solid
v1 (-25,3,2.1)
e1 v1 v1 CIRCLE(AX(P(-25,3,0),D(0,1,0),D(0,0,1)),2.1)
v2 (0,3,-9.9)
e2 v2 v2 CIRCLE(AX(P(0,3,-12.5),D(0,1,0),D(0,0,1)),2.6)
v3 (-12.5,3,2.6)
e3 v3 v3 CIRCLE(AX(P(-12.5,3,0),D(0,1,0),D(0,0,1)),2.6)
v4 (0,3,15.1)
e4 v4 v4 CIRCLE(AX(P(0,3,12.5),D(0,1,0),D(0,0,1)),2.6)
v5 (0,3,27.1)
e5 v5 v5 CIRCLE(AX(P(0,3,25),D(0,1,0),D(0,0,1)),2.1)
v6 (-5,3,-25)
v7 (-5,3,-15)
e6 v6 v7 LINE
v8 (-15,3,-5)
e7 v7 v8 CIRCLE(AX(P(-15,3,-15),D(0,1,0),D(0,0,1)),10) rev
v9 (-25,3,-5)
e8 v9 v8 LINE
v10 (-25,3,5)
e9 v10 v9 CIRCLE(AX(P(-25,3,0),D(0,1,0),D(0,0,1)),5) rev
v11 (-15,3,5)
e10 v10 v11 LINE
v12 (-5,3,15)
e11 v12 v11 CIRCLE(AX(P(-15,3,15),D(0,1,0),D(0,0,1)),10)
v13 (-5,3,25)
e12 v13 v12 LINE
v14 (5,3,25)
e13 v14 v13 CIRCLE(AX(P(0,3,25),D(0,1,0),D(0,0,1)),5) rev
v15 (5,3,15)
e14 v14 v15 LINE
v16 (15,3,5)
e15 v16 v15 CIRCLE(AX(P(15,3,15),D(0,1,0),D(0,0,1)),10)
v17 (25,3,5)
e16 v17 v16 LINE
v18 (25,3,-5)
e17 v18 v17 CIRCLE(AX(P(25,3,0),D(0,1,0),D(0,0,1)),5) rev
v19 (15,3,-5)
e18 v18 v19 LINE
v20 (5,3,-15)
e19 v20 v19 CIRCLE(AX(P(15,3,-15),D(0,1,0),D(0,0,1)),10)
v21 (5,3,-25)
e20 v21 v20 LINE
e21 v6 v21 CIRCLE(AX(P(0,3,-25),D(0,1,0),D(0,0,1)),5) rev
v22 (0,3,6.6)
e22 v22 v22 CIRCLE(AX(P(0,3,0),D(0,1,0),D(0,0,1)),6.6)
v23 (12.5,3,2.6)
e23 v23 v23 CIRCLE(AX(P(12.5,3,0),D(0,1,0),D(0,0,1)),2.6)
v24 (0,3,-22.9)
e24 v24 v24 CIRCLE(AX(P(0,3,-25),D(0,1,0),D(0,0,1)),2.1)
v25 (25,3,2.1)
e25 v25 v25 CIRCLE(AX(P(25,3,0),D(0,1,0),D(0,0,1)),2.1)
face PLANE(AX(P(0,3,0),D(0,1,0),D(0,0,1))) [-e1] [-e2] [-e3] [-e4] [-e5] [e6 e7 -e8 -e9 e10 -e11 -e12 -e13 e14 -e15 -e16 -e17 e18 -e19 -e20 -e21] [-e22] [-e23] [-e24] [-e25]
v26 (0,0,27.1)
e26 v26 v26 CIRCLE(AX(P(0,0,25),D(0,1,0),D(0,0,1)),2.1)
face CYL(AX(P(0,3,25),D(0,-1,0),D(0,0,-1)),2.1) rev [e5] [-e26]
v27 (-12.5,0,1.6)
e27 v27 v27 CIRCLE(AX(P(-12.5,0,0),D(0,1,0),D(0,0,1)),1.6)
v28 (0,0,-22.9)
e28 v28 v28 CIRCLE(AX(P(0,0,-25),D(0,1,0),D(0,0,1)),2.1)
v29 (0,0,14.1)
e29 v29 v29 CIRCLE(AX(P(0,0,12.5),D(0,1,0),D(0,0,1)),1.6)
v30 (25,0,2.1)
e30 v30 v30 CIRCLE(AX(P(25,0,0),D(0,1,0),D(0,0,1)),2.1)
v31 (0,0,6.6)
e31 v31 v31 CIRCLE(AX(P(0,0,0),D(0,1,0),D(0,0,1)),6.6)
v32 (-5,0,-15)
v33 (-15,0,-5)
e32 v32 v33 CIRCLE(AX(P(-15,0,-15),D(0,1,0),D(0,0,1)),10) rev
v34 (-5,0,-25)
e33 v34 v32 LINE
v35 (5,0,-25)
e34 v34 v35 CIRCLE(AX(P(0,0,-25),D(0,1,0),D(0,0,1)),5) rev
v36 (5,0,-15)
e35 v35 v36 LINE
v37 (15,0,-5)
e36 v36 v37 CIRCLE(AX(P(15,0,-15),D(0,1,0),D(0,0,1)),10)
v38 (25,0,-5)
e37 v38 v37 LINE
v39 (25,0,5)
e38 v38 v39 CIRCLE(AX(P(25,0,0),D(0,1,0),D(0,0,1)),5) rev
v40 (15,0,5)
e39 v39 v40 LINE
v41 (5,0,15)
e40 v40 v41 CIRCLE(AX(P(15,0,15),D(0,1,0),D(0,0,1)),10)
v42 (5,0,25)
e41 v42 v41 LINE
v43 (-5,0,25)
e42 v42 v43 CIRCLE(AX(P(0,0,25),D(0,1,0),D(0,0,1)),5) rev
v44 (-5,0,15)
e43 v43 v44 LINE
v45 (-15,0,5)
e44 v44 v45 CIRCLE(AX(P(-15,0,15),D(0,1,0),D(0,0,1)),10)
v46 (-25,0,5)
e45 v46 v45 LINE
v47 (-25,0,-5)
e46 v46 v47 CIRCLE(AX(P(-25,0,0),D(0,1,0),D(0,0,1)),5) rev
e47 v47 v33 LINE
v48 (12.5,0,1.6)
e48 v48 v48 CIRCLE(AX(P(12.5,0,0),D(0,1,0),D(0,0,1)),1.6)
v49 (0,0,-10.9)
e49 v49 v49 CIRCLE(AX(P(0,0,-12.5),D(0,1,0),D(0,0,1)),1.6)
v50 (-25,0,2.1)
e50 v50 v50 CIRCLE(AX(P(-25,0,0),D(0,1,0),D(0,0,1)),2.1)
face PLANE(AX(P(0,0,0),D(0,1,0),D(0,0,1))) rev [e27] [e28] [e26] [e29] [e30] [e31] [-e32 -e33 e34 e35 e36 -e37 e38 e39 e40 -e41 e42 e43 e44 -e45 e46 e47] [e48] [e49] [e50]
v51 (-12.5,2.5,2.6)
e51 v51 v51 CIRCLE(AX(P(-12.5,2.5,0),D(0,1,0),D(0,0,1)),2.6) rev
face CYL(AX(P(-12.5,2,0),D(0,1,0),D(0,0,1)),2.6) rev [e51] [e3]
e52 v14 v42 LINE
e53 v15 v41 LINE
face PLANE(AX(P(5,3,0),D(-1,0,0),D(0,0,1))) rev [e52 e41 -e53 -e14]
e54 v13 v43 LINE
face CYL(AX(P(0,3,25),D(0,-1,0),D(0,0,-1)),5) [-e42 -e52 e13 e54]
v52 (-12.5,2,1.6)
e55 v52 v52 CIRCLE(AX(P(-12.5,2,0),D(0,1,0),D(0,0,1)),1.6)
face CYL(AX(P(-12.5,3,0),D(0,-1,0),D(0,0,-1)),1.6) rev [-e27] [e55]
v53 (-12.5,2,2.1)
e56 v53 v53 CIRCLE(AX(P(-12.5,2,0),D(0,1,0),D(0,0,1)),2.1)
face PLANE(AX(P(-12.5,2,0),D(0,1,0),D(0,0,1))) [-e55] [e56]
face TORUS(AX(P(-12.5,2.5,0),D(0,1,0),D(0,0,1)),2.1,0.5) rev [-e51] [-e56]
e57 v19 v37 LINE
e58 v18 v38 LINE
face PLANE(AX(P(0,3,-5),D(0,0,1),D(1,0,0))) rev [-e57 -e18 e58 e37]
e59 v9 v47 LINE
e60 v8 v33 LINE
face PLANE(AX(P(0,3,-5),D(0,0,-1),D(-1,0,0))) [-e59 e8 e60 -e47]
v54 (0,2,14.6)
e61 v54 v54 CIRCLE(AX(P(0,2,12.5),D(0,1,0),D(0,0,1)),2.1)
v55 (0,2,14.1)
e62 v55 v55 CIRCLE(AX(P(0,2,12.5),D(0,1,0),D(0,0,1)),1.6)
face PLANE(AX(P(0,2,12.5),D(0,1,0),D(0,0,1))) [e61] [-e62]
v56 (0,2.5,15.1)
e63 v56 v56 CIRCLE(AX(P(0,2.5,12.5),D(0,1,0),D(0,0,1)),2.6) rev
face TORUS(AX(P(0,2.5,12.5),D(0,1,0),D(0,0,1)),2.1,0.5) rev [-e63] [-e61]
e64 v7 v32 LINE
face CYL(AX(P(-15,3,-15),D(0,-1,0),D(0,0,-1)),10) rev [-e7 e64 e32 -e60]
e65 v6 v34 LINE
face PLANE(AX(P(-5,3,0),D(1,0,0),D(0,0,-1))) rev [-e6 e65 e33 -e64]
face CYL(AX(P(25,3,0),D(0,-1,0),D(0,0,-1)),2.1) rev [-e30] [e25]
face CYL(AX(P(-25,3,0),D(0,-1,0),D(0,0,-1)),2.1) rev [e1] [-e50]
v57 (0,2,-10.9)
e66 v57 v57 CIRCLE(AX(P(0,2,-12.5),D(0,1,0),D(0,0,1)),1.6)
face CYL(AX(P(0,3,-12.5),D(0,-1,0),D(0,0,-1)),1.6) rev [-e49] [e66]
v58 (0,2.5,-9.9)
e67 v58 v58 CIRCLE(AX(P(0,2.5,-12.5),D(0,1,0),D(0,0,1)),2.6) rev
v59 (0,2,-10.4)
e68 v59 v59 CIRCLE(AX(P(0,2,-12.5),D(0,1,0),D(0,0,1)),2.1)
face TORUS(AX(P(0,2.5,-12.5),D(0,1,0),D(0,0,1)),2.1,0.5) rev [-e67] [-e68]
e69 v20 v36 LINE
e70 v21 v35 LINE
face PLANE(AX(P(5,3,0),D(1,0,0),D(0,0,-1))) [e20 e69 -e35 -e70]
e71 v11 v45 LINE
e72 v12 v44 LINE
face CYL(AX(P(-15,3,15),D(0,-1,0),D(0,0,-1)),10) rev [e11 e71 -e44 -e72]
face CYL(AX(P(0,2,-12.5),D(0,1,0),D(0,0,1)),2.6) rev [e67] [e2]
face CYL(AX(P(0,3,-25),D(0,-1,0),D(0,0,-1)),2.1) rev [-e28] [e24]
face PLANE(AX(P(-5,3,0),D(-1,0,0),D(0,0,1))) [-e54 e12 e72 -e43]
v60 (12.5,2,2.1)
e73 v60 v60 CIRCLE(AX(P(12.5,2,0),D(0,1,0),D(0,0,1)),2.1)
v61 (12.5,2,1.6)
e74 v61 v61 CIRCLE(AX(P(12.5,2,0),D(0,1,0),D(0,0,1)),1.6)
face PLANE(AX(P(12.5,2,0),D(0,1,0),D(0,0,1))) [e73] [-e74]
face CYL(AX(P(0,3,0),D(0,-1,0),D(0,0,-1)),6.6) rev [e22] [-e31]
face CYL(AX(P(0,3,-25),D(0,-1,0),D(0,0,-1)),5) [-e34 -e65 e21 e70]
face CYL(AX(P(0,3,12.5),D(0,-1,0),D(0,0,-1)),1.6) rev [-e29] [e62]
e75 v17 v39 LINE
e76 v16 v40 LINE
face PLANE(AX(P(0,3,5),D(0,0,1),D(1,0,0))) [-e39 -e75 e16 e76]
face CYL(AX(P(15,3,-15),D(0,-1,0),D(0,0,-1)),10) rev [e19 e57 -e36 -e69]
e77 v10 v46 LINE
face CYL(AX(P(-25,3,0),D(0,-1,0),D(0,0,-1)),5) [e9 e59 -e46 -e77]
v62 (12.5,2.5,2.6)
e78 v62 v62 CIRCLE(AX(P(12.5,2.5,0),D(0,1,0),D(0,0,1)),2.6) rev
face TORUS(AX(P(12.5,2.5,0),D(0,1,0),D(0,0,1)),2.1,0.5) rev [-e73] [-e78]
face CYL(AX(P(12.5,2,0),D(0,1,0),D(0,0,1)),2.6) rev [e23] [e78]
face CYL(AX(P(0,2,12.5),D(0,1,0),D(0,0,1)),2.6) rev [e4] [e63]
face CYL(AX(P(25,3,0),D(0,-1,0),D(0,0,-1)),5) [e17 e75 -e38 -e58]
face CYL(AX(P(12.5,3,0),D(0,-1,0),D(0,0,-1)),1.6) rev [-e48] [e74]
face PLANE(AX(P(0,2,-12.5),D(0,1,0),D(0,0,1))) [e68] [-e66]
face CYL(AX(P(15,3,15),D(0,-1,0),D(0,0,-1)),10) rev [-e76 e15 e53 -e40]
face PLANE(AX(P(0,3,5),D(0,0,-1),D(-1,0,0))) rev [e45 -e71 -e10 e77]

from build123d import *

# Parameters (mm, degrees)
SKETCH1_R           = 2.1
SKETCH1_R_2         = 1.6
SKETCH1_R_3         = 6.6
BOSS_EXTRUDE1_DEPTH = 3
CUT_EXTRUDE1_START  = -1
SKETCH2_R           = 2.6
SKETCH2_R_2         = 1.6
CUT_EXTRUDE1_DEPTH  = 1
FILLET1_R           = 0.5


with BuildPart() as part:
    # Sketch1 → Boss-Extrude1 (new body)
    with BuildSketch(Plane(origin=(0, 0, 0), x_dir=(1, 0, 0), z_dir=(0, 1, 0))):
        with BuildLine():
            ThreePointArc((-25, -5), (-30, 0), (-25, 5))
            Line((-25, 5), (-15, 5))
            ThreePointArc((-15, 5), (-7.928932188, 7.928932188), (-5, 15))
            Line((-5, 15), (-5, 25))
            ThreePointArc((-5, 25), (0, 30), (5, 25))
            Line((5, 25), (5, 15))
            ThreePointArc((5, 15), (7.928932188, 7.928932188), (15, 5))
            Line((15, 5), (25, 5))
            ThreePointArc((25, 5), (30, 0), (25, -5))
            Line((25, -5), (15, -5))
            ThreePointArc((15, -5), (7.928932188, -7.928932188), (5, -15))
            Line((5, -15), (5, -25))
            ThreePointArc((5, -25), (0, -30), (-5, -25))
            Line((-5, -25), (-5, -15))
            ThreePointArc((-5, -15), (-7.928932188, -7.928932188), (-15, -5))
            Line((-15, -5), (-25, -5))
        make_face()
        with Locations(Location((-25, 0, 0), (0, 0, 270))):
            Circle(SKETCH1_R, mode=Mode.SUBTRACT)
        with Locations(Location((0, -25, 0), (0, 0, 270))):
            Circle(SKETCH1_R, mode=Mode.SUBTRACT)
        with Locations(Location((25, 0, 0), (0, 0, 270))):
            Circle(SKETCH1_R, mode=Mode.SUBTRACT)
        with Locations(Location((0, 25, 0), (0, 0, 270))):
            Circle(SKETCH1_R, mode=Mode.SUBTRACT)
        with Locations(Location((-12.5, 0, 0), (0, 0, 270))):
            Circle(SKETCH1_R_2, mode=Mode.SUBTRACT)
        with Locations(Location((0, -12.5, 0), (0, 0, 270))):
            Circle(SKETCH1_R_2, mode=Mode.SUBTRACT)
        with Locations(Location((12.5, 0, 0), (0, 0, 270))):
            Circle(SKETCH1_R_2, mode=Mode.SUBTRACT)
        with Locations(Location((0, 12.5, 0), (0, 0, 270))):
            Circle(SKETCH1_R_2, mode=Mode.SUBTRACT)
        with Locations(Location((0, 0, 0), (0, 0, 270))):
            Circle(SKETCH1_R_3, mode=Mode.SUBTRACT)
    extrude(amount=BOSS_EXTRUDE1_DEPTH)

    # Sketch2 → Cut-Extrude1 (cut)
    # profile 1 of 4: a face of its own
    with BuildSketch(Plane(origin=(0, 3, 0), x_dir=(1, 0, 0), z_dir=(0, 1, 0)).offset(CUT_EXTRUDE1_START)):
        with Locations(Location((0, 12.5, 0), (0, 0, 270))):
            Circle(SKETCH2_R)
        with Locations(Location((0, 12.5, 0), (0, 0, 270))):
            Circle(SKETCH2_R_2, mode=Mode.SUBTRACT)
    # profile 2 of 4: a face of its own
    with BuildSketch(Plane(origin=(0, 3, 0), x_dir=(1, 0, 0), z_dir=(0, 1, 0)).offset(CUT_EXTRUDE1_START)):
        with Locations(Location((12.5, 0, 0), (0, 0, 270))):
            Circle(SKETCH2_R)
        with Locations(Location((12.5, 0, 0), (0, 0, 270))):
            Circle(SKETCH2_R_2, mode=Mode.SUBTRACT)
    # profile 3 of 4: a face of its own
    with BuildSketch(Plane(origin=(0, 3, 0), x_dir=(1, 0, 0), z_dir=(0, 1, 0)).offset(CUT_EXTRUDE1_START)):
        with Locations(Location((0, -12.5, 0), (0, 0, 270))):
            Circle(SKETCH2_R)
        with Locations(Location((0, -12.5, 0), (0, 0, 270))):
            Circle(SKETCH2_R_2, mode=Mode.SUBTRACT)
    # profile 4 of 4: a face of its own
    with BuildSketch(Plane(origin=(0, 3, 0), x_dir=(1, 0, 0), z_dir=(0, 1, 0)).offset(CUT_EXTRUDE1_START)):
        with Locations(Location((-12.5, 0, 0), (0, 0, 270))):
            Circle(SKETCH2_R)
        with Locations(Location((-12.5, 0, 0), (0, 0, 270))):
            Circle(SKETCH2_R_2, mode=Mode.SUBTRACT)
    extrude(amount=CUT_EXTRUDE1_DEPTH, mode=Mode.SUBTRACT)

    # Fillet1
    fillet1_edges = [part.edges().sort_by_distance(p)[0] for p in [
        (0, 2, -15.1),
        (12.5, 2, -2.6),
        (0, 2, 9.9),
        (-12.5, 2, -2.6),
    ]]
    fillet(fillet1_edges, radius=FILLET1_R)


solid = part.part
